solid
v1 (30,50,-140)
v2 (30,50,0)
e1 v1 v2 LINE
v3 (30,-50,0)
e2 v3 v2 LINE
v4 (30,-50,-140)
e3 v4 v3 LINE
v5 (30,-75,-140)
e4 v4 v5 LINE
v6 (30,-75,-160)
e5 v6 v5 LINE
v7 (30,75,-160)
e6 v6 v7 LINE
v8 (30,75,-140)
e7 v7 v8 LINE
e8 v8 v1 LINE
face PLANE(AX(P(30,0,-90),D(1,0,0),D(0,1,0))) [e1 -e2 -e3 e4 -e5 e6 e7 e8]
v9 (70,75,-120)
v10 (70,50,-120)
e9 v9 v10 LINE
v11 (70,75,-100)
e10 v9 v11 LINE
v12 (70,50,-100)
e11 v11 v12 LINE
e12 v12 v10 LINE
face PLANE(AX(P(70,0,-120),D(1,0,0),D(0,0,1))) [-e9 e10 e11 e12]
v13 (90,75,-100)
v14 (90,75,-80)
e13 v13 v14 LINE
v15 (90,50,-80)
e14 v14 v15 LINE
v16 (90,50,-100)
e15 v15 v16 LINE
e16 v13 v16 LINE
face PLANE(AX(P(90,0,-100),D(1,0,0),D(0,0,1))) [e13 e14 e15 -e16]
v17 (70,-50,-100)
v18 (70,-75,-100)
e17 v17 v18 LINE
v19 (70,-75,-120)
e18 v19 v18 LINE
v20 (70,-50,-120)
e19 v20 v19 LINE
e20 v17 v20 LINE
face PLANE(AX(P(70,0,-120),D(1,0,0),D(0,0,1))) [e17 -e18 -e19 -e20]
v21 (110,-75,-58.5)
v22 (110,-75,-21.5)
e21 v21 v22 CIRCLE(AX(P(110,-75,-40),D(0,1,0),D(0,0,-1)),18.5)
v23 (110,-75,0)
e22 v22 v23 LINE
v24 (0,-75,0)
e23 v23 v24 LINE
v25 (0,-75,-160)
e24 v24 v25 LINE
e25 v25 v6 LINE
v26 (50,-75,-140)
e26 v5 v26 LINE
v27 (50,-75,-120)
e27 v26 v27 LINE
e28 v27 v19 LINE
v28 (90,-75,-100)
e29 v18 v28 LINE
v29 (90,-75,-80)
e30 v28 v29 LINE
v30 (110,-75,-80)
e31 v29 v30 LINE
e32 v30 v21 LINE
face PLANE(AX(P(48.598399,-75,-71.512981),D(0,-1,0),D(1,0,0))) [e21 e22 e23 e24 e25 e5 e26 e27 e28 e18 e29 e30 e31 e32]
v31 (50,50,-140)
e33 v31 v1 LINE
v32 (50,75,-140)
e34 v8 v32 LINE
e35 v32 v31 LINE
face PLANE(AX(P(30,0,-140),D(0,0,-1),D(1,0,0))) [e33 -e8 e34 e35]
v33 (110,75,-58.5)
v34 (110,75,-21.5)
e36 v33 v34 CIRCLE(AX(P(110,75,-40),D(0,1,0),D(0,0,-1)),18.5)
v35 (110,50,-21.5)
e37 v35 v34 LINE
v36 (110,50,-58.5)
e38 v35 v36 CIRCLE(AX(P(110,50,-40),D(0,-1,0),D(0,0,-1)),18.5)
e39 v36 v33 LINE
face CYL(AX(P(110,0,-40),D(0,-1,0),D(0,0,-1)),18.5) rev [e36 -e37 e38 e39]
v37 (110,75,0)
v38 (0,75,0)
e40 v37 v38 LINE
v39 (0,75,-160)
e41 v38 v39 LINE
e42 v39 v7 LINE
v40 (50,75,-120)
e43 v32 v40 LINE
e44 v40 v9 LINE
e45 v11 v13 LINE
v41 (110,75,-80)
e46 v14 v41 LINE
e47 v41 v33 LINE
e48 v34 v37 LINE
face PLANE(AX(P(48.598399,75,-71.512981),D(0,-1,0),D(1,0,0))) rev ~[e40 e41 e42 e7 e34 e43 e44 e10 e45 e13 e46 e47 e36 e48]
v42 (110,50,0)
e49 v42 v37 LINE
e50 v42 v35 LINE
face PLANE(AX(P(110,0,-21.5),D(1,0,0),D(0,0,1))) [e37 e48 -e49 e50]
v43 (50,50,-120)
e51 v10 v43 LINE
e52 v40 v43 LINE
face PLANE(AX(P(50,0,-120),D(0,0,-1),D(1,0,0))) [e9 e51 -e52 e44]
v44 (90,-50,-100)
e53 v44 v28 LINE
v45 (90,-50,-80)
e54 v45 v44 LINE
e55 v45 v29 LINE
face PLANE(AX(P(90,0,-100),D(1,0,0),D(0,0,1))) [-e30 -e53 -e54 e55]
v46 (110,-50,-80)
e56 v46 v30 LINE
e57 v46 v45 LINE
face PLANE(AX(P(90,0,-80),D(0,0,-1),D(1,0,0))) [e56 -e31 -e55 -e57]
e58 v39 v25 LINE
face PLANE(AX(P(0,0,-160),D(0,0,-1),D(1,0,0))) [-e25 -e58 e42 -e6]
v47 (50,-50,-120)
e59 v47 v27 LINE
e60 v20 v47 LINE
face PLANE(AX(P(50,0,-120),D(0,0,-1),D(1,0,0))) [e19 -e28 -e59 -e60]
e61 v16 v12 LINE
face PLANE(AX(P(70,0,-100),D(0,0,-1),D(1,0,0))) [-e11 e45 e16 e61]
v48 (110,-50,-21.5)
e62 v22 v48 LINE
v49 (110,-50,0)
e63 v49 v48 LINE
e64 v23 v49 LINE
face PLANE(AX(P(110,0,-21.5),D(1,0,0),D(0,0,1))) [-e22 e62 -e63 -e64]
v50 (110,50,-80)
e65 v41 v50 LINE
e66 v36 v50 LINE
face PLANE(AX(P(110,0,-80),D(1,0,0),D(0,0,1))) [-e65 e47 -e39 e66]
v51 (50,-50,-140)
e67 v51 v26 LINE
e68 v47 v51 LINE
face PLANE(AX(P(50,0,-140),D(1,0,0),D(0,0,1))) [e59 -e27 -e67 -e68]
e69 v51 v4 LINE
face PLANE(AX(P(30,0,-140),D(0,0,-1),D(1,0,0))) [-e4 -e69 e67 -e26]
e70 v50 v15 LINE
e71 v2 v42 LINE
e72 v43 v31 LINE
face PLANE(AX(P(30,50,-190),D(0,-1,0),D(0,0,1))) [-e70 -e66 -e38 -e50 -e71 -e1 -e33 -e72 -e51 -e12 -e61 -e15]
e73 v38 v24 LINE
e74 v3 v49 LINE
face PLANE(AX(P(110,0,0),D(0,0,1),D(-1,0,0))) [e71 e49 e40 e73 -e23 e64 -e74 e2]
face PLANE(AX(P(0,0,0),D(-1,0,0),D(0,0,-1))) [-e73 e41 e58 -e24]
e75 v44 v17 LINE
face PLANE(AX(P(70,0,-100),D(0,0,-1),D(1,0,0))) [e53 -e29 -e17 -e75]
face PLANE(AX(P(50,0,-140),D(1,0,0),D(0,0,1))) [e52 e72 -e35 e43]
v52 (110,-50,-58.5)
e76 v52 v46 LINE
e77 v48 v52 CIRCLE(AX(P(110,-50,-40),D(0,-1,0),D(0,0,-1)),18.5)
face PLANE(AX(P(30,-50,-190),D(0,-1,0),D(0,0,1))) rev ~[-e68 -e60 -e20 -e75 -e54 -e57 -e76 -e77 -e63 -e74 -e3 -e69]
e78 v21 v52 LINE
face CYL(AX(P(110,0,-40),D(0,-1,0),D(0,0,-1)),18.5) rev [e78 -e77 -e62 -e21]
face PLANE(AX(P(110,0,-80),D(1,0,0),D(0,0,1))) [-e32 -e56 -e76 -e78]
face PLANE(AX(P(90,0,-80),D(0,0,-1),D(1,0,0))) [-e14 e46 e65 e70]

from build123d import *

# Parameters (mm, degrees)
F1_DEPTH      = 75
F1_DEPTH_BACK = 75
F3_START      = 30
F2_W          = 100
F2_H          = 200
F3_DEPTH      = 170


with BuildPart() as f1:
    # F0 (on Front) → F1 (new body, two sides)
    with BuildSketch(Plane.XZ) as f1_sk:
        with BuildLine():
            Line((110, 0), (0, 0))
            Line((0, 0), (0, -160))
            Line((0, -160), (30, -160))
            Line((30, -160), (30, -140))
            Line((30, -140), (50, -140))
            Line((50, -140), (50, -120))
            Line((50, -120), (70, -120))
            Line((70, -120), (70, -100))
            Line((70, -100), (90, -100))
            Line((90, -100), (90, -80))
            Line((90, -80), (110, -80))
            Line((110, -80), (110, -58.5))
            ThreePointArc((110, -58.5), (91.5, -40), (110, -21.5))
            Line((110, -21.5), (110, 0))
        make_face()
    extrude(amount=F1_DEPTH)
    extrude(f1_sk.sketch, amount=-F1_DEPTH_BACK)

    # F2 (on Right) → F3 (cut)
    with BuildSketch(Plane.YZ.offset(F3_START)):
        with Locations((0, -90)):
            Rectangle(F2_W, F2_H)
    extrude(amount=F3_DEPTH, mode=Mode.SUBTRACT)


solid = f1.part
